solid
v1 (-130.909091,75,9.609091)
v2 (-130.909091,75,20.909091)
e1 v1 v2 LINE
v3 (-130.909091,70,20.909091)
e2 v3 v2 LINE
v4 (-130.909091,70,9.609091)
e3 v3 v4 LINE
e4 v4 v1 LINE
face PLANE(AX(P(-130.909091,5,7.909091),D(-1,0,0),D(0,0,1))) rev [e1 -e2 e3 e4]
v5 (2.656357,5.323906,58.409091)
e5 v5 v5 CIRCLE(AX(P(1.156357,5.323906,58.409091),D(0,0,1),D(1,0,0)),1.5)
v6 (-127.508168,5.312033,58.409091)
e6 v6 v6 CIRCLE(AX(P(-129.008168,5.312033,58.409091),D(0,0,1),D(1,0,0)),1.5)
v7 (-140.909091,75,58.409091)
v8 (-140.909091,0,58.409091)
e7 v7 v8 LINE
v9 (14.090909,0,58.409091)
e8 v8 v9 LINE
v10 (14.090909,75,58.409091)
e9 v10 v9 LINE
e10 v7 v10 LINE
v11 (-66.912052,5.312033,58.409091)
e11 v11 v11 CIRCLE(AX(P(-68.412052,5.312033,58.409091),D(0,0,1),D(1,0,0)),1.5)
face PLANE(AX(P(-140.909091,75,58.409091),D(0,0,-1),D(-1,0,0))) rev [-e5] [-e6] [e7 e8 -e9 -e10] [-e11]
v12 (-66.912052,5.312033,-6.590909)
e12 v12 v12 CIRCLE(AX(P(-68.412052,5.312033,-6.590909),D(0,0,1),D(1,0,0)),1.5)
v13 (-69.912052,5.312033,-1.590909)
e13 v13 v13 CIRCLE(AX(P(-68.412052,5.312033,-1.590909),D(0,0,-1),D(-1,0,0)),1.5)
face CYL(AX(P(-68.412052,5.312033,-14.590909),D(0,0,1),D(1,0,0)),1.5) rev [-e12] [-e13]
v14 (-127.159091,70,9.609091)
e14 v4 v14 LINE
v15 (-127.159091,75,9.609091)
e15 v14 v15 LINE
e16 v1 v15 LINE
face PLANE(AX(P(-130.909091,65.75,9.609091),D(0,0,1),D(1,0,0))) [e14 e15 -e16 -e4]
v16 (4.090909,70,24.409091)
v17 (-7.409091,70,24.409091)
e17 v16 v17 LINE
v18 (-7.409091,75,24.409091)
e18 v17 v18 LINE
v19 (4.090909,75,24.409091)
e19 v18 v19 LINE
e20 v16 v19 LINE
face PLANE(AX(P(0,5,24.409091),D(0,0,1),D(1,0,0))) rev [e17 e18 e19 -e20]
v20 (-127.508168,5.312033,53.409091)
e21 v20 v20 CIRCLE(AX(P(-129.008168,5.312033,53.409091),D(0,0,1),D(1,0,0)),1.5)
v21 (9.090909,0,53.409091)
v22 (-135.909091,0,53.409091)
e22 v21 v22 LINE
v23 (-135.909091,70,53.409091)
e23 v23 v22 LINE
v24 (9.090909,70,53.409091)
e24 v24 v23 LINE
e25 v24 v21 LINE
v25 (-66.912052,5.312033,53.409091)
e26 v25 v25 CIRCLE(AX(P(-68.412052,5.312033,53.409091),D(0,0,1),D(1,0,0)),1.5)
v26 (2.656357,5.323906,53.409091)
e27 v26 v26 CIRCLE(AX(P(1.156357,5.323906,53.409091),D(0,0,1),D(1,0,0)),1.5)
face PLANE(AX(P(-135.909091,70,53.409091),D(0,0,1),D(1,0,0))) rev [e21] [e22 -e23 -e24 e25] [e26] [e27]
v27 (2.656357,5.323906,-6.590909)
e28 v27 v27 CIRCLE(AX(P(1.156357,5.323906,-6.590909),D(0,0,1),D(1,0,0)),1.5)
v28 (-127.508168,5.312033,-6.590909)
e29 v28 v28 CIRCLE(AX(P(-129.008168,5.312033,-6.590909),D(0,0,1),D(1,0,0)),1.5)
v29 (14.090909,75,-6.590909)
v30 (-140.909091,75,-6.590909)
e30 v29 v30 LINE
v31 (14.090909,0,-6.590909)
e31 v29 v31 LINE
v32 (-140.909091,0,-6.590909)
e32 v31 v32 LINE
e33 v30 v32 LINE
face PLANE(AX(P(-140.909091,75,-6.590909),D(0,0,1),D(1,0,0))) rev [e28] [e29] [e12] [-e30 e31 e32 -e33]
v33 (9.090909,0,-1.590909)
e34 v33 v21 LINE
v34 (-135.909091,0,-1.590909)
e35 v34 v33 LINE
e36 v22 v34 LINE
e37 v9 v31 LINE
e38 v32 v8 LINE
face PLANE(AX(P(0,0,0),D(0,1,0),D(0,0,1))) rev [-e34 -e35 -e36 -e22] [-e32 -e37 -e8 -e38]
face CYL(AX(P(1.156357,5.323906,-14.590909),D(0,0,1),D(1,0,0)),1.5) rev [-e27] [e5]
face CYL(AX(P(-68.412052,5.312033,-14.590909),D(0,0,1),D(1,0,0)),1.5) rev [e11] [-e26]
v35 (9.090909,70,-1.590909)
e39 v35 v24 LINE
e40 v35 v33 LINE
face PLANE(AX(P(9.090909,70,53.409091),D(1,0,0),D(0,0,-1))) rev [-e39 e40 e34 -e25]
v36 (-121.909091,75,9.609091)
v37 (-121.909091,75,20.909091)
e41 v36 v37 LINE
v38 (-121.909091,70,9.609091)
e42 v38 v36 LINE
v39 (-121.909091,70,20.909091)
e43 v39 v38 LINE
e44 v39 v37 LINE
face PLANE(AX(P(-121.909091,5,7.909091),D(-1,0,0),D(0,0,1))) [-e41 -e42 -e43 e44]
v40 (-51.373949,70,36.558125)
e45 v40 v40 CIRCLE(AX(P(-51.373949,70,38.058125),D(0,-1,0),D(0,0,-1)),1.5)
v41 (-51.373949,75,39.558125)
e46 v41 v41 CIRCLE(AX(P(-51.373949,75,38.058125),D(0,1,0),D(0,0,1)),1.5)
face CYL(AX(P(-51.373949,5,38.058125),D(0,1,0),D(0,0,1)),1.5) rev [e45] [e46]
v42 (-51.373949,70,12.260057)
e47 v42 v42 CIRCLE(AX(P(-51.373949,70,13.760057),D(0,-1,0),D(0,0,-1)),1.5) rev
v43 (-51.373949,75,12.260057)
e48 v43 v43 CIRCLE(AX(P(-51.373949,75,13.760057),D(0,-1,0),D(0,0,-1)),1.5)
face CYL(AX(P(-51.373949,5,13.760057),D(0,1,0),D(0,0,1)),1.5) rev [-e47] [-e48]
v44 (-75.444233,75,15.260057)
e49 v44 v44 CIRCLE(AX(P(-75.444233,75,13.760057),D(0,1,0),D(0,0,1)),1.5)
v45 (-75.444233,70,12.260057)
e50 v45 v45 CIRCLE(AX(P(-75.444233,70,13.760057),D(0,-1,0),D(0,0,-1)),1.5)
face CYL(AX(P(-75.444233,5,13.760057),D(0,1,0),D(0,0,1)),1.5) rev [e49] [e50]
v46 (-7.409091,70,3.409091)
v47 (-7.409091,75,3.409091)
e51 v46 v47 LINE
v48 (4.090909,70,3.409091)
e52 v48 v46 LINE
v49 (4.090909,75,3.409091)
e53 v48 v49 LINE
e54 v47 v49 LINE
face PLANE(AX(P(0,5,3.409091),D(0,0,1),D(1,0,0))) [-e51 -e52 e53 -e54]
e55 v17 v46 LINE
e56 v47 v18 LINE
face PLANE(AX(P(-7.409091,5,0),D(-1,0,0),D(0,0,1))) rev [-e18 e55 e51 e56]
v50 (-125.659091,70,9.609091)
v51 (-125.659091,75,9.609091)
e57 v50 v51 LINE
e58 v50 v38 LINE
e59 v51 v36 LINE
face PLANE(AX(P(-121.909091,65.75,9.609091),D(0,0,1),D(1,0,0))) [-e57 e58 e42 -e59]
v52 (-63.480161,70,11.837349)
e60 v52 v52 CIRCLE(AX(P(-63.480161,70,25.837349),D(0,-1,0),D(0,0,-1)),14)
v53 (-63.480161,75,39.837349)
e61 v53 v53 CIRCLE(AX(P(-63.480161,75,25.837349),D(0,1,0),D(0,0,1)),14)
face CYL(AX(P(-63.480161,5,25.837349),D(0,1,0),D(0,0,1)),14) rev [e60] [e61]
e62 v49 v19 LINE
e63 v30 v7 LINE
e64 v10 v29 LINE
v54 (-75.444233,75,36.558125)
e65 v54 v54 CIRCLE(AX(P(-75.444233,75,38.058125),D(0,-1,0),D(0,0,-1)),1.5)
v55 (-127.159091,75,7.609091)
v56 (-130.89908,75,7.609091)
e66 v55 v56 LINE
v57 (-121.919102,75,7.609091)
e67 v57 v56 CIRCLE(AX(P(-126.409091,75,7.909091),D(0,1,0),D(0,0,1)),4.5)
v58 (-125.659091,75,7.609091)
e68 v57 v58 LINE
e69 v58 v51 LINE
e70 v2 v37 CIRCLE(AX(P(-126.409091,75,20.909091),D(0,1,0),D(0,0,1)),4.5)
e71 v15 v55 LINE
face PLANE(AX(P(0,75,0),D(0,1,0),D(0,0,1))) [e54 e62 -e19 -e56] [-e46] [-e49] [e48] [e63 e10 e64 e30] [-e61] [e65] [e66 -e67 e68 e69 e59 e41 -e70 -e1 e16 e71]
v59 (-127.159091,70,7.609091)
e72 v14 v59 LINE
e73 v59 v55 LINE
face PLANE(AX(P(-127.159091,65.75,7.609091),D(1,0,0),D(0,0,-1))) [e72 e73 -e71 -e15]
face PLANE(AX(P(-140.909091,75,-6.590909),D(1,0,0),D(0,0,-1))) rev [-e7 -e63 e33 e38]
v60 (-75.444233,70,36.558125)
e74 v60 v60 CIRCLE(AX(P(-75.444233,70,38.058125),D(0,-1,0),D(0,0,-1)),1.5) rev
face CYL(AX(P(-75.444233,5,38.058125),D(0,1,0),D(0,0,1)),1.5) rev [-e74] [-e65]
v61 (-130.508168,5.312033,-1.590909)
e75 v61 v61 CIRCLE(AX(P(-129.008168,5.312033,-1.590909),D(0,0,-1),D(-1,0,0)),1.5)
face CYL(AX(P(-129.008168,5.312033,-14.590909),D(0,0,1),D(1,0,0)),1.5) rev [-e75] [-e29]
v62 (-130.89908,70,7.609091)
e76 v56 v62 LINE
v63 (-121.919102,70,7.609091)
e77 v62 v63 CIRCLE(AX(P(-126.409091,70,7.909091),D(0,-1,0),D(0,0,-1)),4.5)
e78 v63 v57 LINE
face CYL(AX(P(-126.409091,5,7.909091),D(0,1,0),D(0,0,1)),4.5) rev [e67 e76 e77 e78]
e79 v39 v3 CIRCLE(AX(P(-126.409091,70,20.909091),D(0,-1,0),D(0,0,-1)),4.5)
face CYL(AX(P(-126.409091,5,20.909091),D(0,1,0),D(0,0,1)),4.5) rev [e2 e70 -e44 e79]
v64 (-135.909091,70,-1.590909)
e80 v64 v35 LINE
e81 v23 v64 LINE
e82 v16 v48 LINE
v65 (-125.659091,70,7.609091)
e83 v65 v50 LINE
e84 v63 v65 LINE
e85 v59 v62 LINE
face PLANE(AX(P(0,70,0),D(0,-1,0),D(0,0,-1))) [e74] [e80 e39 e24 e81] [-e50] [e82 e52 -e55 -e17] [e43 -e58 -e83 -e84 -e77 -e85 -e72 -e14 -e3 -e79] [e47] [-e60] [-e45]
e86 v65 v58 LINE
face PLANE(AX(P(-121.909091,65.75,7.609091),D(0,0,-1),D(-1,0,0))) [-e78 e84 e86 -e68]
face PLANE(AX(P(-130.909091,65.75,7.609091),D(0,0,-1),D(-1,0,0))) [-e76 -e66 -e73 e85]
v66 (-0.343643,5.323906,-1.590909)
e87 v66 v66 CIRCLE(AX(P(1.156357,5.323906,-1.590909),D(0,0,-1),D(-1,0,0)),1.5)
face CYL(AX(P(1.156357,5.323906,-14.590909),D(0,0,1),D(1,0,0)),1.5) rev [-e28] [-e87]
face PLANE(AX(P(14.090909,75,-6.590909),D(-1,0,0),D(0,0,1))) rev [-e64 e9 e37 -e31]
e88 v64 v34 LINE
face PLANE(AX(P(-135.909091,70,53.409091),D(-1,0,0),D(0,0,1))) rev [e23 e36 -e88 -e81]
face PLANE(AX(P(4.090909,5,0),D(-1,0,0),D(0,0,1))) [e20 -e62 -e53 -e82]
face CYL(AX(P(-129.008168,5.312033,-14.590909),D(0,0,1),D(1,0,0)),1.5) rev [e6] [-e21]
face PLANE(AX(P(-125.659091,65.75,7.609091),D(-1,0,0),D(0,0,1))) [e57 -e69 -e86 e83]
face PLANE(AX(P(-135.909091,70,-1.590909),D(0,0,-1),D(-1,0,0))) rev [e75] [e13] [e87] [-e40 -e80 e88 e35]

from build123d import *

# Parameters (mm, degrees)
SKETCH1_W           = 155
SKETCH1_H           = 65
BOSS_EXTRUDE2_DEPTH = 75
SKETCH2_W           = 145
SKETCH2_H           = 55
CUT_EXTRUDE1_DEPTH  = 70
SKETCH3_R           = 14
SKETCH3_R_2         = 1.5
SKETCH3_W           = 11.5
SKETCH3_H           = 21
CUT_EXTRUDE2_DEPTH  = 70
SKETCH5_R           = 1.5
CUT_EXTRUDE3_DEPTH  = 73
SKETCH6_W           = 3.75
SKETCH6_H           = 2
BOSS_EXTRUDE3_DEPTH = 5


with BuildPart() as part:
    # Sketch1 → Boss-Extrude2 (new body)
    with BuildSketch(Plane(origin=(0, 0, 0), x_dir=(1, 0, 0), z_dir=(0, 1, 0))):
        with Locations((-63.409090909, -25.909090909)):
            Rectangle(SKETCH1_W, SKETCH1_H)
    extrude(amount=BOSS_EXTRUDE2_DEPTH)

    # Sketch2 → Cut-Extrude1 (cut)
    with BuildSketch(Plane.XZ):
        with Locations((-63.409090909, 25.909090909)):
            Rectangle(SKETCH2_W, SKETCH2_H)
    extrude(amount=-CUT_EXTRUDE1_DEPTH, mode=Mode.SUBTRACT)

    # Sketch3 → Cut-Extrude2 (cut)
    with BuildSketch(Plane(origin=(0, 75, 0), x_dir=(1, 0, 0), z_dir=(0, 1, 0))):
        with Locations(Location((-63.480160731, -25.837348529, 0), (0, 0, 270))):
            Circle(SKETCH3_R)
        with Locations(Location((-75.444232667, -13.760056502, 0), (0, 0, 270))):
            Circle(SKETCH3_R_2)
        with Locations(Location((-51.373949151, -13.760056502, 0), (0, 0, 90))):
            Circle(SKETCH3_R_2)
        with Locations(Location((-51.373949151, -38.058125316, 0), (0, 0, 270))):
            Circle(SKETCH3_R_2)
        with Locations(Location((-75.444232667, -38.058125316, 0), (0, 0, 90))):
            Circle(SKETCH3_R_2)
        with BuildLine():
            Line((-121.909090909, -7.909090909), (-121.909090909, -20.909090909))
            ThreePointArc((-121.909090909, -20.909090909), (-126.409090909, -25.409090909), (-130.909090909, -20.909090909))
            Line((-130.909090909, -20.909090909), (-130.909090909, -7.909090909))
            ThreePointArc((-130.909090909, -7.909090909), (-126.409090909, -3.409090909), (-121.909090909, -7.909090909))
        make_face()
        with Locations((-1.659090909, -13.909090909)):
            Rectangle(SKETCH3_W, SKETCH3_H)
    extrude(amount=-CUT_EXTRUDE2_DEPTH, mode=Mode.SUBTRACT)

    # Sketch5 → Cut-Extrude3 (cut)
    with BuildSketch(Plane.XY.offset(58.409090909)):
        with Locations((-68.4120524, 5.312033368)):
            Circle(SKETCH5_R)
        with Locations((1.156357058, 5.323906477)):
            Circle(SKETCH5_R)
        with Locations((-129.008167682, 5.312033368)):
            Circle(SKETCH5_R)
    extrude(amount=-CUT_EXTRUDE3_DEPTH, mode=Mode.SUBTRACT)

    # Sketch6 → Boss-Extrude3 (add)
    with BuildSketch(Plane(origin=(0, 75, 0), x_dir=(1, 0, 0), z_dir=(0, 1, 0))):
        with Locations((-129.034090909, -8.609090909)):
            Rectangle(SKETCH6_W, SKETCH6_H)
        with Locations((-123.784090909, -8.609090909)):
            Rectangle(SKETCH6_W, SKETCH6_H)
    extrude(amount=-BOSS_EXTRUDE3_DEPTH)


solid = part.part
